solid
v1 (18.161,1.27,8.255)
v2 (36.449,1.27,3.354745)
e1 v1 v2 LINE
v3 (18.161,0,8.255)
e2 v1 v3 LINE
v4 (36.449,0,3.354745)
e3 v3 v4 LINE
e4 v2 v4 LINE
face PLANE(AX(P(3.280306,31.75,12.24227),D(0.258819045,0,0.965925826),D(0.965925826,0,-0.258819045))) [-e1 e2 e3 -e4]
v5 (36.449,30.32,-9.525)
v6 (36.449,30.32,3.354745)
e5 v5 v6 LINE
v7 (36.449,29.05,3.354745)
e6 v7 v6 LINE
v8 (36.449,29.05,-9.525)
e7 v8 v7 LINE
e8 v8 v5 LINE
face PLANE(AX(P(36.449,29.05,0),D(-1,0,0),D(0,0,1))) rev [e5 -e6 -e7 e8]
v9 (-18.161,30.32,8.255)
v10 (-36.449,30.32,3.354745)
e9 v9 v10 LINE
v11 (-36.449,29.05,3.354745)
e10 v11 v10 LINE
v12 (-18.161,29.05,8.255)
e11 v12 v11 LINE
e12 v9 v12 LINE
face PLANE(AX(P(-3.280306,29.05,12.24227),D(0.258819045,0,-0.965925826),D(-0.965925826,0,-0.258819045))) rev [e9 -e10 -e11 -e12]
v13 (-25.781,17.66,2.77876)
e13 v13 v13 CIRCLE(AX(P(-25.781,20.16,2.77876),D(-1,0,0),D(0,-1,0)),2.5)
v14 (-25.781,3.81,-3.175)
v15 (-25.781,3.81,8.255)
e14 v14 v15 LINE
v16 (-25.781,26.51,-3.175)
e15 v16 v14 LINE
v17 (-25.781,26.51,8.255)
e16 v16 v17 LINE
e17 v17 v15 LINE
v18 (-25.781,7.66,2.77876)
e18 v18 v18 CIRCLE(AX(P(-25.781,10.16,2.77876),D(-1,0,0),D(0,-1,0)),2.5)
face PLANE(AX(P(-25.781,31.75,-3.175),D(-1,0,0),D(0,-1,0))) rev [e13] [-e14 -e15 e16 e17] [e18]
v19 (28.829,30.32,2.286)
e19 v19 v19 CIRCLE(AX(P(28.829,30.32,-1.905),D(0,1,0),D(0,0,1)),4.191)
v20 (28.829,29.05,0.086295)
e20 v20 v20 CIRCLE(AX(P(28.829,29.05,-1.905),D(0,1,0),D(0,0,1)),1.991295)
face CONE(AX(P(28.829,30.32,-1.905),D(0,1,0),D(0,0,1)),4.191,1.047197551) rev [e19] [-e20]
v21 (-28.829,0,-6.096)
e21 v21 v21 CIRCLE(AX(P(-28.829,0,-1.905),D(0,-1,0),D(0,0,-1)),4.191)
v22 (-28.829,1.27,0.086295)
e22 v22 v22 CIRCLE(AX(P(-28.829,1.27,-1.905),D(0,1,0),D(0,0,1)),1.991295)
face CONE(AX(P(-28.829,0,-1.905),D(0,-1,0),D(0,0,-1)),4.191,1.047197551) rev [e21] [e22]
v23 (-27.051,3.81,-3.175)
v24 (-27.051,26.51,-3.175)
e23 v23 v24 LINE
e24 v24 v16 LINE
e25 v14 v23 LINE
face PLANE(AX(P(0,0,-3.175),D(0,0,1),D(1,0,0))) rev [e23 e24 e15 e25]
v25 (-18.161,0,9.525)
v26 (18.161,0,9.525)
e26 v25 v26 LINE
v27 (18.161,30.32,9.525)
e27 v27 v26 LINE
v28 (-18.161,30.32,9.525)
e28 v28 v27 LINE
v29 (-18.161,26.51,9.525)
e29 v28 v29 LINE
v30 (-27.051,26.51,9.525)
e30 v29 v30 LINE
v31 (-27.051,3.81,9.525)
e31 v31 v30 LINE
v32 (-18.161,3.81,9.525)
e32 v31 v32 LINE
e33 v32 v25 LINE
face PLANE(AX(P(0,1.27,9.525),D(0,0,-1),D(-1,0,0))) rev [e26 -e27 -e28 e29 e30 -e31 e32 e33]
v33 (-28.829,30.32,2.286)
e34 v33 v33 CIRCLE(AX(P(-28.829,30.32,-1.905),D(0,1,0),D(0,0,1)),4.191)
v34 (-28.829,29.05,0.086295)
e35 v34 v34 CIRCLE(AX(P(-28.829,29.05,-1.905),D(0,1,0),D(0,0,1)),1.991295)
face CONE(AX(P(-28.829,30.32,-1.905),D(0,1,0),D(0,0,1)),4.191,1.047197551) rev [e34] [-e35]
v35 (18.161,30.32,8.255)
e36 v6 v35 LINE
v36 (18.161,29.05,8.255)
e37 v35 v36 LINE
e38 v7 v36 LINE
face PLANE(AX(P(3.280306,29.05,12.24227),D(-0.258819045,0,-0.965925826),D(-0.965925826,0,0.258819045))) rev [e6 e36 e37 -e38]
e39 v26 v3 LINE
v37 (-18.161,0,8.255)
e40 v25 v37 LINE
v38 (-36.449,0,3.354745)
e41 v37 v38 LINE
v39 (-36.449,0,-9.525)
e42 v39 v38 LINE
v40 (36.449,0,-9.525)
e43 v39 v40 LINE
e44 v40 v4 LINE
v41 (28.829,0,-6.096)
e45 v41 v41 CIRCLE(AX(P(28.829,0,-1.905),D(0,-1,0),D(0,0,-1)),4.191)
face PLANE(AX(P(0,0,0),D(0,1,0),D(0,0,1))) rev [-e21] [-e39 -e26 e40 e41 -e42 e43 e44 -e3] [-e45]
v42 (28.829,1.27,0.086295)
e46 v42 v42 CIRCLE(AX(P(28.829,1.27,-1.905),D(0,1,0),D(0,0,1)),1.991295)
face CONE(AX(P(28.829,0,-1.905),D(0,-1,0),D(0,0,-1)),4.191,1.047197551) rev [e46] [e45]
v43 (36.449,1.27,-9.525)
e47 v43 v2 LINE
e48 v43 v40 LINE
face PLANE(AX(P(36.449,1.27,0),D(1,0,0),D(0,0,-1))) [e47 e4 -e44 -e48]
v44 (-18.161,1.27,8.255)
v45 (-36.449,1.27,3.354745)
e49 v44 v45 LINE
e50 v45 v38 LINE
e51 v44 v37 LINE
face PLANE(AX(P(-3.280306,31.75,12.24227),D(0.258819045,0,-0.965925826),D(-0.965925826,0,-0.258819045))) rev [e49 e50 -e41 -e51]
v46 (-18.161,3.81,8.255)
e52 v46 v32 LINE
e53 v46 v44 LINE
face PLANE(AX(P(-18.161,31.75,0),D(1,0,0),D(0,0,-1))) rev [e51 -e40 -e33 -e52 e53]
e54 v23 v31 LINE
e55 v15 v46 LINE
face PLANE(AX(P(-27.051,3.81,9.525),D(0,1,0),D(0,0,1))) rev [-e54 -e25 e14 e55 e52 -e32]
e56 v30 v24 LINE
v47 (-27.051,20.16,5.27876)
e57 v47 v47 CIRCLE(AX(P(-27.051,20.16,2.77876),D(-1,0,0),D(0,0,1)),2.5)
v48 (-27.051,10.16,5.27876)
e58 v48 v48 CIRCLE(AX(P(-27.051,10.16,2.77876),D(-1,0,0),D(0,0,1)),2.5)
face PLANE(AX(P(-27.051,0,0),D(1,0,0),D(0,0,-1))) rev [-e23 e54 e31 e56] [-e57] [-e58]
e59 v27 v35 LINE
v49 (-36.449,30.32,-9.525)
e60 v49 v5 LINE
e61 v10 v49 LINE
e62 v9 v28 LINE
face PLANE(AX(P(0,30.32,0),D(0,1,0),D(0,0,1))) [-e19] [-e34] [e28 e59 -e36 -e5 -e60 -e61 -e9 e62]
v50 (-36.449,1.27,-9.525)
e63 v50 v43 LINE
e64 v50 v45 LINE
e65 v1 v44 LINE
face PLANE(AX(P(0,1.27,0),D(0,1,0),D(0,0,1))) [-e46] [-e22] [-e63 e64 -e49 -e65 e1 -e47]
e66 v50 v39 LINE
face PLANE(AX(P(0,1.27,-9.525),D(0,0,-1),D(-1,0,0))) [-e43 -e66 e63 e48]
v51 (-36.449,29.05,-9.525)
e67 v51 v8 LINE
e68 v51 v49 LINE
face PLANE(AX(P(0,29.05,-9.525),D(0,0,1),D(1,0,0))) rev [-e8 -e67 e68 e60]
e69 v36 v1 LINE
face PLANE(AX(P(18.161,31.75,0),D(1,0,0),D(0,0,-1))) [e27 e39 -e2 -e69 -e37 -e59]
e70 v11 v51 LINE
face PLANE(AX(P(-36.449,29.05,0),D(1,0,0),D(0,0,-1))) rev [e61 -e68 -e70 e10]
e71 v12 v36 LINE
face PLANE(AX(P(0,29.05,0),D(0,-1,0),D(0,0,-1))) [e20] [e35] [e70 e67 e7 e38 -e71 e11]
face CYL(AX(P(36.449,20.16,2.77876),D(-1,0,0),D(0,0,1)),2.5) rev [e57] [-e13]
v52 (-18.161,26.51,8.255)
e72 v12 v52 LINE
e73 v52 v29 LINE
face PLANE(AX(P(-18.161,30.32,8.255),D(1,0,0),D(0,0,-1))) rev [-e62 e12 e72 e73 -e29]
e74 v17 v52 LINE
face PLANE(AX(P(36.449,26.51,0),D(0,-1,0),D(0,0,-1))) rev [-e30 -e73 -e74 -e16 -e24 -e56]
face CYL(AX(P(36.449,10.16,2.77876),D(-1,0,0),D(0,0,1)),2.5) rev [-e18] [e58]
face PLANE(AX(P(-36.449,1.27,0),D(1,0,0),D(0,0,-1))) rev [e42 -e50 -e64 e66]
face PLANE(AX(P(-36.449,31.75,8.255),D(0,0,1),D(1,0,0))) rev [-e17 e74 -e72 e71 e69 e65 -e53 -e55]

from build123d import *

# Parameters (mm, degrees)
SKETCH1_W                    = 72.898
SKETCH1_H                    = 19.05
SKETCH1_R                    = 4.191
BOSS_EXTRUDE1_DEPTH          = 1.27
SKETCH7_W                    = 72.898
SKETCH7_H                    = 1.27
BOSS_EXTRUDE4_DEPTH          = 30.48
CUT_EXTRUDE2_DEPTH           = 50.267816331
SKETCH10_W                   = 1.27
SKETCH10_H                   = 27.94
BOSS_EXTRUDE5_DEPTH          = 8.89
SKETCH11_W                   = 1.27
SKETCH11_H                   = 27.94
BOSS_EXTRUDE6_DEPTH          = 11.43
SKETCH12_R                   = 2.5
CUT_EXTRUDE3_DEPTH           = 72.631264997
CUT_EXTRUDE5_DEPTH           = 72.631264997
CUT_EXTRUDE5_DEPTH_BACK      = 72.631264997
SKETCH14_W                   = 12.7
SKETCH14_H                   = 5.24
SKETCH15_W                   = 36.322
SKETCH15_H                   = 1.27
BOSS_EXTRUDE8_DEPTH          = 3.81
BOSS_EXTRUDE9_START          = 29.05
BOSS_EXTRUDE9_DEPTH          = 1.27
SKETCH17_R                   = 4.191
CUT_EXTRUDE6_DEPTH           = 1.27
CUT_EXTRUDE6_DRAFT           = -60
CUT_EXTRUDE6_PROFILE_2_DEPTH = 1.27
CUT_EXTRUDE6_PROFILE_2_DRAFT = -60


with BuildPart() as part:
    # Sketch1 → Boss-Extrude1 (new body)
    # profile 1 of 3: a face of its own
    with BuildSketch(Plane(origin=(0, 0, 0), x_dir=(1, 0, 0), z_dir=(0, 1, 0))):
        Rectangle(SKETCH1_W, SKETCH1_H)
        with Locations((28.829, 1.905)):
            Circle(SKETCH1_R, mode=Mode.SUBTRACT)
        with Locations((-28.829, 1.905)):
            Circle(SKETCH1_R, mode=Mode.SUBTRACT)
    # profile 2 of 3: a face of its own
    with BuildSketch(Plane(origin=(0, 0, 0), x_dir=(1, 0, 0), z_dir=(0, 1, 0))):
        with Locations((28.829, 1.905)):
            Circle(SKETCH1_R)
    # profile 3 of 3: a face of its own
    with BuildSketch(Plane(origin=(0, 0, 0), x_dir=(1, 0, 0), z_dir=(0, 1, 0))):
        with Locations((-28.829, 1.905)):
            Circle(SKETCH1_R)
    extrude(amount=BOSS_EXTRUDE1_DEPTH)

    # Cut-Extrude1 cone 1 section (through the dimple's axis) → Cut-Extrude1 (revolve, cut)
    with BuildSketch(Plane(origin=(-28.829, 0, -1.905), x_dir=(0, 0, -1), z_dir=(1, 0, 0))):
        Polygon((0, 0), (4.191, 0), (0, 2.419674978), align=None)
    revolve(axis=Axis((-28.829, 0, -1.905), (0, 1, 0)), mode=Mode.SUBTRACT)

    # Cut-Extrude1 cone 2 section (through the dimple's axis) → Cut-Extrude1 cone 2 (revolve, cut)
    with BuildSketch(Plane(origin=(28.829, 0, -1.905), x_dir=(0, 0, -1), z_dir=(1, 0, 0))):
        Polygon((0, 0), (4.191, 0), (0, 2.419674978), align=None)
    revolve(axis=Axis((28.829, 0, -1.905), (0, 1, 0)), mode=Mode.SUBTRACT)

    # Sketch7 → Boss-Extrude4 (add)
    with BuildSketch(Plane(origin=(0, 1.27, 0), x_dir=(1, 0, 0), z_dir=(0, 1, 0))):
        with Locations((0, -8.89)):
            Rectangle(SKETCH7_W, SKETCH7_H)
    extrude(amount=BOSS_EXTRUDE4_DEPTH)

    # Sketch8 → Cut-Extrude2 (cut, symmetric)
    with BuildSketch(Plane.XZ):
        Polygon((-36.449, 9.525), (-36.449, 3.354745169), (-18.161, 8.255), (-18.161, 9.525), align=None)
    cut_extrude2 = extrude(amount=CUT_EXTRUDE2_DEPTH, both=True, mode=Mode.SUBTRACT)

    # Mirror2: Cut-Extrude2 across plane
    add(cut_extrude2.mirror(Plane.ZY), mode=Mode.SUBTRACT)

    # Sketch10 → Boss-Extrude5 (add)
    with BuildSketch(Plane.ZY.offset(18.161)):
        with Locations((8.89, 17.78)):
            Rectangle(SKETCH10_W, SKETCH10_H)
    extrude(amount=BOSS_EXTRUDE5_DEPTH)

    # Sketch11 → Boss-Extrude6 (add)
    with BuildSketch(Plane(origin=(0, 0, 8.255), x_dir=(-1, 0, 0), z_dir=(0, 0, -1))):
        with Locations((26.416, 17.78)):
            Rectangle(SKETCH11_W, SKETCH11_H)
    extrude(amount=BOSS_EXTRUDE6_DEPTH)

    # Sketch12 → Cut-Extrude3 (cut, through all)
    with BuildSketch(Plane.ZY.offset(27.051)):
        with Locations((2.77876, 10.16)):
            Circle(SKETCH12_R)
        with Locations((2.77876, 20.16)):
            Circle(SKETCH12_R)
    extrude(amount=-CUT_EXTRUDE3_DEPTH, mode=Mode.SUBTRACT)

    # Sketch14 → Cut-Extrude5 (cut, two sides: drawn at the far end of the back side and taken through both)
    with BuildSketch(Plane.ZY.offset(27.051).offset(-CUT_EXTRUDE5_DEPTH_BACK)):
        with Locations((3.175, 29.13)):
            Rectangle(SKETCH14_W, SKETCH14_H)
    extrude(amount=CUT_EXTRUDE5_DEPTH + CUT_EXTRUDE5_DEPTH_BACK, mode=Mode.SUBTRACT)

    # Sketch15 → Boss-Extrude8 (add)
    with BuildSketch(Plane(origin=(0, 26.51, 0), x_dir=(1, 0, 0), z_dir=(0, 1, 0))):
        with Locations((0, -8.89)):
            Rectangle(SKETCH15_W, SKETCH15_H)
    extrude(amount=BOSS_EXTRUDE8_DEPTH)

    # Sketch16 → Boss-Extrude9 (add)
    with BuildSketch(Plane(origin=(0, 1.27, 0), x_dir=(1, 0, 0), z_dir=(0, 1, 0)).offset(BOSS_EXTRUDE9_START)):
        Polygon((-36.449, 9.525), (-36.449, -3.354745169), (-18.161, -8.255), (-18.161, -9.525), (18.161, -9.525), (18.161, -8.255), (36.449, -3.354745169), (36.449, 9.525), align=None)
    extrude(amount=-BOSS_EXTRUDE9_DEPTH)


with BuildPart() as cut_extrude6_tool:
    # Sketch17 → Cut-Extrude6 (with draft: the straight prism first)
    with BuildSketch(Plane(origin=(0, 30.32, 0), x_dir=(1, 0, 0), z_dir=(0, 1, 0))):
        with Locations((-28.829, 1.905)):
            Circle(SKETCH17_R)
    extrude(amount=-CUT_EXTRUDE6_DEPTH)
    # Cut-Extrude6: the draft: its side faces are tilted about the plane it starts from
    cut_extrude6_sides = [cut_extrude6_tool.faces().sort_by_distance(p)[0] for p in [
        (-33.02, 29.685, -1.905),
    ]]
    draft(cut_extrude6_sides, Plane(origin=(0, 30.32, 0), x_dir=(1, 0, 0), z_dir=(0, 1, 0)), CUT_EXTRUDE6_DRAFT)


with BuildPart() as part_1:
    add(part.part)

    # Cut-Extrude6: cut by cut_extrude6_tool
    add(cut_extrude6_tool.part, mode=Mode.SUBTRACT)


with BuildPart() as cut_extrude6_profile_2_tool:
    # Sketch17 → Cut-Extrude6 profile 2 (with draft: the straight prism first)
    with BuildSketch(Plane(origin=(0, 30.32, 0), x_dir=(1, 0, 0), z_dir=(0, 1, 0))):
        with Locations((28.829, 1.905)):
            Circle(SKETCH17_R)
    extrude(amount=-CUT_EXTRUDE6_PROFILE_2_DEPTH)
    # Cut-Extrude6 profile 2: the draft: its side faces are tilted about the plane it starts from
    cut_extrude6_profile_2_sides = [cut_extrude6_profile_2_tool.faces().sort_by_distance(p)[0] for p in [
        (24.638, 29.685, -1.905),
    ]]
    draft(cut_extrude6_profile_2_sides, Plane(origin=(0, 30.32, 0), x_dir=(1, 0, 0), z_dir=(0, 1, 0)), CUT_EXTRUDE6_PROFILE_2_DRAFT)


with BuildPart() as part_2:
    add(part_1.part)

    # Cut-Extrude6 profile 2: cut by cut_extrude6_profile_2_tool
    add(cut_extrude6_profile_2_tool.part, mode=Mode.SUBTRACT)


solid = part_2.part
